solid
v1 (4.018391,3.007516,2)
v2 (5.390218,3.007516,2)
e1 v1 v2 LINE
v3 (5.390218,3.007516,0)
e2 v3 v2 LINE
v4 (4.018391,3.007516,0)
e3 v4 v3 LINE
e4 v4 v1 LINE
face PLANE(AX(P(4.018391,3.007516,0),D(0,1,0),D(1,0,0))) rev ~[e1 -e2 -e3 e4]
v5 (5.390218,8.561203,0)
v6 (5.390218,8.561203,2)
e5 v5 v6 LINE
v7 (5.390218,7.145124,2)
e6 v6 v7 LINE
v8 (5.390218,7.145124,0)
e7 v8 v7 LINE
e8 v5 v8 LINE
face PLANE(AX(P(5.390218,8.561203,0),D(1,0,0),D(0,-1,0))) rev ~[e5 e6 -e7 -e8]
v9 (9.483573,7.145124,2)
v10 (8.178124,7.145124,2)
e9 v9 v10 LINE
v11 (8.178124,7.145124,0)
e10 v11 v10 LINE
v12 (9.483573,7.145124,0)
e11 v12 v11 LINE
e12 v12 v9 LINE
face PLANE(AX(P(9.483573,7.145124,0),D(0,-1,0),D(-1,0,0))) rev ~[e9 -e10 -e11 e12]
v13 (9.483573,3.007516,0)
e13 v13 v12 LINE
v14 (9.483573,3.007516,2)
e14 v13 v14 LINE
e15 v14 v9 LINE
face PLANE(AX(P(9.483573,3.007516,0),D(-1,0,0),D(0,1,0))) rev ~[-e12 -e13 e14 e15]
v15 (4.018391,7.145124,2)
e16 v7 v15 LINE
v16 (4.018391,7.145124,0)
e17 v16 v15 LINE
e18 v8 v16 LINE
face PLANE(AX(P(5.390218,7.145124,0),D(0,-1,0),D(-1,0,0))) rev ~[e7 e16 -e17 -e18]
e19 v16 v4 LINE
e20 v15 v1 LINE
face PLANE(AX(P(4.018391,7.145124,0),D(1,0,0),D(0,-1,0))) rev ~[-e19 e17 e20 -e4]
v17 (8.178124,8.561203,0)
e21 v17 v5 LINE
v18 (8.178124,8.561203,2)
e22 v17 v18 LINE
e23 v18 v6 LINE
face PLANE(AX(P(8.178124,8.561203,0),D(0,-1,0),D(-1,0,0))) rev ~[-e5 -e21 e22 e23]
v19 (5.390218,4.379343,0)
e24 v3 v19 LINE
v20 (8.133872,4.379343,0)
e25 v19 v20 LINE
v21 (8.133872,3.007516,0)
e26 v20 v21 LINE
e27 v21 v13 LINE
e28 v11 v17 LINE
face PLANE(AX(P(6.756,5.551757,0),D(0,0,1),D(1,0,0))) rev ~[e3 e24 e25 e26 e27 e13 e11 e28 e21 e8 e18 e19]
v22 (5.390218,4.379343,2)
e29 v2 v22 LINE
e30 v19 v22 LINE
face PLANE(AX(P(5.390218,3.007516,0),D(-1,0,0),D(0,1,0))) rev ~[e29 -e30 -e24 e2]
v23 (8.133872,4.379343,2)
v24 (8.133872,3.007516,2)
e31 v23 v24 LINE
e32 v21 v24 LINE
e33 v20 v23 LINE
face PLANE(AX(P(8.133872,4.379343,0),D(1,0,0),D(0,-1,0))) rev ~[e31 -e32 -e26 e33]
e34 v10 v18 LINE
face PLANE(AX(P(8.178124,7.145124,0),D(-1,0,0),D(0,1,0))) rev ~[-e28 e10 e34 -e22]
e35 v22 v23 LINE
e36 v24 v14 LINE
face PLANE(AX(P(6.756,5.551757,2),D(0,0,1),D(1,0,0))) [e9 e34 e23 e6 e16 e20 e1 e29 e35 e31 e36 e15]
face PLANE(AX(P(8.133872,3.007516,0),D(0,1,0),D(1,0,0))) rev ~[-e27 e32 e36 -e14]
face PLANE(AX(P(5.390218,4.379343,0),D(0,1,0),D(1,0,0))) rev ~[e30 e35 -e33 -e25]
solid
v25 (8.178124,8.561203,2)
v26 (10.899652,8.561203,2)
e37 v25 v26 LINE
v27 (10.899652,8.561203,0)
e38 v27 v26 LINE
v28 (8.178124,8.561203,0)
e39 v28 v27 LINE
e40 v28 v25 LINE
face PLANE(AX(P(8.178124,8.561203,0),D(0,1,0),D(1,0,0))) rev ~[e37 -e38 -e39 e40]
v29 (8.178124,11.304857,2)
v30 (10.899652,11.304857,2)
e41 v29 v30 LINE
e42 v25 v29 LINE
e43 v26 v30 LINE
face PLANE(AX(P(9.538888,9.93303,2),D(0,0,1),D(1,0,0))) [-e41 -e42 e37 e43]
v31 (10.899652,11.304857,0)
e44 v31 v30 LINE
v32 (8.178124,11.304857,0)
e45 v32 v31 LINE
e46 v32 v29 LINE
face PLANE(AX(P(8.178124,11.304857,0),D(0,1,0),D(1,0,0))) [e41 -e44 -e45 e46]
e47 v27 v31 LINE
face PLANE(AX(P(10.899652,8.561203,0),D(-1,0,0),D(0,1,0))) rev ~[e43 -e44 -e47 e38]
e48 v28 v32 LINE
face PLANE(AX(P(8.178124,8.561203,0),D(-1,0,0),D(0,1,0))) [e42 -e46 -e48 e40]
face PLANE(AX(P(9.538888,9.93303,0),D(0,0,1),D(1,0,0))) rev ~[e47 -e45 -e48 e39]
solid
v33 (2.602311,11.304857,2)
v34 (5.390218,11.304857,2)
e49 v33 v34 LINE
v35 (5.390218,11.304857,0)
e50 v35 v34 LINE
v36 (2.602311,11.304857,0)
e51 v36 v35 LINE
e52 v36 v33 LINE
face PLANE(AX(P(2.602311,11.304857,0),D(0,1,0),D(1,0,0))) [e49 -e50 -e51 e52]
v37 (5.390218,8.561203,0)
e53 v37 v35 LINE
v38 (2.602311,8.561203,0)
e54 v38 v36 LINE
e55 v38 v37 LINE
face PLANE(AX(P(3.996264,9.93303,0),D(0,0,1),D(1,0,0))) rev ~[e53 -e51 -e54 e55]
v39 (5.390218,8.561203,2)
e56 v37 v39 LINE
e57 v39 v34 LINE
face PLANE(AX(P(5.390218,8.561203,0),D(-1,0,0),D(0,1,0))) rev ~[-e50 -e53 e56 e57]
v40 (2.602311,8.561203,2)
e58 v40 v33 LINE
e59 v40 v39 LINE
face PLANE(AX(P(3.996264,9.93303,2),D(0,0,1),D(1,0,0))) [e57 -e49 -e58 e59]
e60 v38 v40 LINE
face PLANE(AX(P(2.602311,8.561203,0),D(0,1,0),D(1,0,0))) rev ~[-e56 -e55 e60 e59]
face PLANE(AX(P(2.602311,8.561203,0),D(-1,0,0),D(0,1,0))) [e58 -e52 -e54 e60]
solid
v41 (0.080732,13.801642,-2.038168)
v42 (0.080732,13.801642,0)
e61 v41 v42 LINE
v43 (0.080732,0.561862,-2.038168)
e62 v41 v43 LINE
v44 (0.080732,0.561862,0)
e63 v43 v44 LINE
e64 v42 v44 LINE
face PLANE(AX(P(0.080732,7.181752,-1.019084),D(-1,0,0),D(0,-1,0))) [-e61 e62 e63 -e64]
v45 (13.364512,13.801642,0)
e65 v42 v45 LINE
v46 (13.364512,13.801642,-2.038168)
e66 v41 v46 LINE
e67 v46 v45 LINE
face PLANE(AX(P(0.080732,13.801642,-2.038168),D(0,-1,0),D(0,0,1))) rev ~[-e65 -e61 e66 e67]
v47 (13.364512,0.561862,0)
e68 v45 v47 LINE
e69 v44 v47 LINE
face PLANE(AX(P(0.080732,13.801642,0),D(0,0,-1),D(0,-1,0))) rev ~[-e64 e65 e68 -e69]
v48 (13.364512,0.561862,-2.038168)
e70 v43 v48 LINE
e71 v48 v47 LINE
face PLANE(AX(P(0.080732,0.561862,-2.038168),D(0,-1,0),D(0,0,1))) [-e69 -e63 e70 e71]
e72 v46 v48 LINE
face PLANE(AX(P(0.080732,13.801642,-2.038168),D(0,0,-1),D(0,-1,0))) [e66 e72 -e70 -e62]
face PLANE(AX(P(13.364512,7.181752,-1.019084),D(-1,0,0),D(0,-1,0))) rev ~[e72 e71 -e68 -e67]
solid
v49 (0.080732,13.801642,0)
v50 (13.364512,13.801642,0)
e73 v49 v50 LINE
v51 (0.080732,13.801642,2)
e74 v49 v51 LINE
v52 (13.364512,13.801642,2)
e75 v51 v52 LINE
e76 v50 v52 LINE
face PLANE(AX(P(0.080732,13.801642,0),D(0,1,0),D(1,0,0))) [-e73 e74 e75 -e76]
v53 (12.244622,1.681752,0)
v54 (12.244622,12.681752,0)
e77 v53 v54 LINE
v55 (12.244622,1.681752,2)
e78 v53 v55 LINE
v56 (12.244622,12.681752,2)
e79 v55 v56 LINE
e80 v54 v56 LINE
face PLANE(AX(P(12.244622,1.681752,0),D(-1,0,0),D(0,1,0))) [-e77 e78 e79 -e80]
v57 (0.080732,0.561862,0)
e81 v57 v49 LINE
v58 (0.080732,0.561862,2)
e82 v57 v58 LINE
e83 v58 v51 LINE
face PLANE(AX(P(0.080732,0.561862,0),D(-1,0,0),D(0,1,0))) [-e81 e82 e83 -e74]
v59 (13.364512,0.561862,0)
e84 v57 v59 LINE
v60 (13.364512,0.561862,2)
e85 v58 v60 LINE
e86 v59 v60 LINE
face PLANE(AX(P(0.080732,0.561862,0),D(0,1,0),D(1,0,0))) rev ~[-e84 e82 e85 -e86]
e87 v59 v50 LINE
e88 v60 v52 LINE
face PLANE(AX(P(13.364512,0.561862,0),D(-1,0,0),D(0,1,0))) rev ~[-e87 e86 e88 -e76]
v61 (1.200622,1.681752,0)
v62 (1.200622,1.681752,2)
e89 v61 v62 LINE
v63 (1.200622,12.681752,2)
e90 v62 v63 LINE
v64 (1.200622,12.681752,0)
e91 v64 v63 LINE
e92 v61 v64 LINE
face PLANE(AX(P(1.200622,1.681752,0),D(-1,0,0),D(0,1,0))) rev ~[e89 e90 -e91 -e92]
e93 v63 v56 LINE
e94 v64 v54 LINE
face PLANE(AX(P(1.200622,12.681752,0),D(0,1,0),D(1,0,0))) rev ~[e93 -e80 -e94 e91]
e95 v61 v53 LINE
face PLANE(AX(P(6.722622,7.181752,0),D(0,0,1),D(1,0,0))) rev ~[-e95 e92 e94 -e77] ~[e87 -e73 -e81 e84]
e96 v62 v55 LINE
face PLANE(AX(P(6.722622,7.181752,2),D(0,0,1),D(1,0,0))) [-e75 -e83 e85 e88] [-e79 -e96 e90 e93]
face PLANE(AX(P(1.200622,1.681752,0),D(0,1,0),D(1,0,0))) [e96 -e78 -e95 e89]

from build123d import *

# Parameters (mm, degrees)
F0_W     = 13.28378
F0_H     = 13.23978
F0_W_2   = 11.044
F0_H_2   = 11
F0_W_3   = 2.787907
F0_H_3   = 2.743654
F0_W_4   = 2.721528
F1_DEPTH = 2
F2_W     = 13.23978
F2_H     = 2.038168
F3_DEPTH = 13.28378


with BuildPart() as f1:
    # F0 (on Top) → F1 (new body)
    with BuildSketch(Plane.XY):
        with Locations((6.722622, 7.181752)):
            Rectangle(F0_W, F0_H)
        with Locations((6.722622, 7.181752)):
            Rectangle(F0_W_2, F0_H_2, mode=Mode.SUBTRACT)
        Polygon((8.178124, 8.561203), (5.390218, 8.561203), (5.390218, 7.145124), (4.018391, 7.145124), (4.018391, 3.007516), (5.390218, 3.007516), (5.390218, 4.379343), (8.133872, 4.379343), (8.133872, 3.007516), (9.483573, 3.007516), (9.483573, 7.145124), (8.178124, 7.145124), align=None)
        with Locations((3.996264, 9.93303)):
            Rectangle(F0_W_3, F0_H_3)
        with Locations((9.538888, 9.93303)):
            Rectangle(F0_W_4, F0_H_3)
    extrude(amount=F1_DEPTH)


with BuildPart() as f3:
    # F2 (on face) → F3 (new body, through all)
    with BuildSketch(Plane(origin=(0.080732, 0, 0), x_dir=(0, -1, 0), z_dir=(-1, 0, 0))):
        with Locations((-7.181752, -1.019084)):
            Rectangle(F2_W, F2_H)
    extrude(amount=-F3_DEPTH)


solid = Compound([f1.part, f3.part])
